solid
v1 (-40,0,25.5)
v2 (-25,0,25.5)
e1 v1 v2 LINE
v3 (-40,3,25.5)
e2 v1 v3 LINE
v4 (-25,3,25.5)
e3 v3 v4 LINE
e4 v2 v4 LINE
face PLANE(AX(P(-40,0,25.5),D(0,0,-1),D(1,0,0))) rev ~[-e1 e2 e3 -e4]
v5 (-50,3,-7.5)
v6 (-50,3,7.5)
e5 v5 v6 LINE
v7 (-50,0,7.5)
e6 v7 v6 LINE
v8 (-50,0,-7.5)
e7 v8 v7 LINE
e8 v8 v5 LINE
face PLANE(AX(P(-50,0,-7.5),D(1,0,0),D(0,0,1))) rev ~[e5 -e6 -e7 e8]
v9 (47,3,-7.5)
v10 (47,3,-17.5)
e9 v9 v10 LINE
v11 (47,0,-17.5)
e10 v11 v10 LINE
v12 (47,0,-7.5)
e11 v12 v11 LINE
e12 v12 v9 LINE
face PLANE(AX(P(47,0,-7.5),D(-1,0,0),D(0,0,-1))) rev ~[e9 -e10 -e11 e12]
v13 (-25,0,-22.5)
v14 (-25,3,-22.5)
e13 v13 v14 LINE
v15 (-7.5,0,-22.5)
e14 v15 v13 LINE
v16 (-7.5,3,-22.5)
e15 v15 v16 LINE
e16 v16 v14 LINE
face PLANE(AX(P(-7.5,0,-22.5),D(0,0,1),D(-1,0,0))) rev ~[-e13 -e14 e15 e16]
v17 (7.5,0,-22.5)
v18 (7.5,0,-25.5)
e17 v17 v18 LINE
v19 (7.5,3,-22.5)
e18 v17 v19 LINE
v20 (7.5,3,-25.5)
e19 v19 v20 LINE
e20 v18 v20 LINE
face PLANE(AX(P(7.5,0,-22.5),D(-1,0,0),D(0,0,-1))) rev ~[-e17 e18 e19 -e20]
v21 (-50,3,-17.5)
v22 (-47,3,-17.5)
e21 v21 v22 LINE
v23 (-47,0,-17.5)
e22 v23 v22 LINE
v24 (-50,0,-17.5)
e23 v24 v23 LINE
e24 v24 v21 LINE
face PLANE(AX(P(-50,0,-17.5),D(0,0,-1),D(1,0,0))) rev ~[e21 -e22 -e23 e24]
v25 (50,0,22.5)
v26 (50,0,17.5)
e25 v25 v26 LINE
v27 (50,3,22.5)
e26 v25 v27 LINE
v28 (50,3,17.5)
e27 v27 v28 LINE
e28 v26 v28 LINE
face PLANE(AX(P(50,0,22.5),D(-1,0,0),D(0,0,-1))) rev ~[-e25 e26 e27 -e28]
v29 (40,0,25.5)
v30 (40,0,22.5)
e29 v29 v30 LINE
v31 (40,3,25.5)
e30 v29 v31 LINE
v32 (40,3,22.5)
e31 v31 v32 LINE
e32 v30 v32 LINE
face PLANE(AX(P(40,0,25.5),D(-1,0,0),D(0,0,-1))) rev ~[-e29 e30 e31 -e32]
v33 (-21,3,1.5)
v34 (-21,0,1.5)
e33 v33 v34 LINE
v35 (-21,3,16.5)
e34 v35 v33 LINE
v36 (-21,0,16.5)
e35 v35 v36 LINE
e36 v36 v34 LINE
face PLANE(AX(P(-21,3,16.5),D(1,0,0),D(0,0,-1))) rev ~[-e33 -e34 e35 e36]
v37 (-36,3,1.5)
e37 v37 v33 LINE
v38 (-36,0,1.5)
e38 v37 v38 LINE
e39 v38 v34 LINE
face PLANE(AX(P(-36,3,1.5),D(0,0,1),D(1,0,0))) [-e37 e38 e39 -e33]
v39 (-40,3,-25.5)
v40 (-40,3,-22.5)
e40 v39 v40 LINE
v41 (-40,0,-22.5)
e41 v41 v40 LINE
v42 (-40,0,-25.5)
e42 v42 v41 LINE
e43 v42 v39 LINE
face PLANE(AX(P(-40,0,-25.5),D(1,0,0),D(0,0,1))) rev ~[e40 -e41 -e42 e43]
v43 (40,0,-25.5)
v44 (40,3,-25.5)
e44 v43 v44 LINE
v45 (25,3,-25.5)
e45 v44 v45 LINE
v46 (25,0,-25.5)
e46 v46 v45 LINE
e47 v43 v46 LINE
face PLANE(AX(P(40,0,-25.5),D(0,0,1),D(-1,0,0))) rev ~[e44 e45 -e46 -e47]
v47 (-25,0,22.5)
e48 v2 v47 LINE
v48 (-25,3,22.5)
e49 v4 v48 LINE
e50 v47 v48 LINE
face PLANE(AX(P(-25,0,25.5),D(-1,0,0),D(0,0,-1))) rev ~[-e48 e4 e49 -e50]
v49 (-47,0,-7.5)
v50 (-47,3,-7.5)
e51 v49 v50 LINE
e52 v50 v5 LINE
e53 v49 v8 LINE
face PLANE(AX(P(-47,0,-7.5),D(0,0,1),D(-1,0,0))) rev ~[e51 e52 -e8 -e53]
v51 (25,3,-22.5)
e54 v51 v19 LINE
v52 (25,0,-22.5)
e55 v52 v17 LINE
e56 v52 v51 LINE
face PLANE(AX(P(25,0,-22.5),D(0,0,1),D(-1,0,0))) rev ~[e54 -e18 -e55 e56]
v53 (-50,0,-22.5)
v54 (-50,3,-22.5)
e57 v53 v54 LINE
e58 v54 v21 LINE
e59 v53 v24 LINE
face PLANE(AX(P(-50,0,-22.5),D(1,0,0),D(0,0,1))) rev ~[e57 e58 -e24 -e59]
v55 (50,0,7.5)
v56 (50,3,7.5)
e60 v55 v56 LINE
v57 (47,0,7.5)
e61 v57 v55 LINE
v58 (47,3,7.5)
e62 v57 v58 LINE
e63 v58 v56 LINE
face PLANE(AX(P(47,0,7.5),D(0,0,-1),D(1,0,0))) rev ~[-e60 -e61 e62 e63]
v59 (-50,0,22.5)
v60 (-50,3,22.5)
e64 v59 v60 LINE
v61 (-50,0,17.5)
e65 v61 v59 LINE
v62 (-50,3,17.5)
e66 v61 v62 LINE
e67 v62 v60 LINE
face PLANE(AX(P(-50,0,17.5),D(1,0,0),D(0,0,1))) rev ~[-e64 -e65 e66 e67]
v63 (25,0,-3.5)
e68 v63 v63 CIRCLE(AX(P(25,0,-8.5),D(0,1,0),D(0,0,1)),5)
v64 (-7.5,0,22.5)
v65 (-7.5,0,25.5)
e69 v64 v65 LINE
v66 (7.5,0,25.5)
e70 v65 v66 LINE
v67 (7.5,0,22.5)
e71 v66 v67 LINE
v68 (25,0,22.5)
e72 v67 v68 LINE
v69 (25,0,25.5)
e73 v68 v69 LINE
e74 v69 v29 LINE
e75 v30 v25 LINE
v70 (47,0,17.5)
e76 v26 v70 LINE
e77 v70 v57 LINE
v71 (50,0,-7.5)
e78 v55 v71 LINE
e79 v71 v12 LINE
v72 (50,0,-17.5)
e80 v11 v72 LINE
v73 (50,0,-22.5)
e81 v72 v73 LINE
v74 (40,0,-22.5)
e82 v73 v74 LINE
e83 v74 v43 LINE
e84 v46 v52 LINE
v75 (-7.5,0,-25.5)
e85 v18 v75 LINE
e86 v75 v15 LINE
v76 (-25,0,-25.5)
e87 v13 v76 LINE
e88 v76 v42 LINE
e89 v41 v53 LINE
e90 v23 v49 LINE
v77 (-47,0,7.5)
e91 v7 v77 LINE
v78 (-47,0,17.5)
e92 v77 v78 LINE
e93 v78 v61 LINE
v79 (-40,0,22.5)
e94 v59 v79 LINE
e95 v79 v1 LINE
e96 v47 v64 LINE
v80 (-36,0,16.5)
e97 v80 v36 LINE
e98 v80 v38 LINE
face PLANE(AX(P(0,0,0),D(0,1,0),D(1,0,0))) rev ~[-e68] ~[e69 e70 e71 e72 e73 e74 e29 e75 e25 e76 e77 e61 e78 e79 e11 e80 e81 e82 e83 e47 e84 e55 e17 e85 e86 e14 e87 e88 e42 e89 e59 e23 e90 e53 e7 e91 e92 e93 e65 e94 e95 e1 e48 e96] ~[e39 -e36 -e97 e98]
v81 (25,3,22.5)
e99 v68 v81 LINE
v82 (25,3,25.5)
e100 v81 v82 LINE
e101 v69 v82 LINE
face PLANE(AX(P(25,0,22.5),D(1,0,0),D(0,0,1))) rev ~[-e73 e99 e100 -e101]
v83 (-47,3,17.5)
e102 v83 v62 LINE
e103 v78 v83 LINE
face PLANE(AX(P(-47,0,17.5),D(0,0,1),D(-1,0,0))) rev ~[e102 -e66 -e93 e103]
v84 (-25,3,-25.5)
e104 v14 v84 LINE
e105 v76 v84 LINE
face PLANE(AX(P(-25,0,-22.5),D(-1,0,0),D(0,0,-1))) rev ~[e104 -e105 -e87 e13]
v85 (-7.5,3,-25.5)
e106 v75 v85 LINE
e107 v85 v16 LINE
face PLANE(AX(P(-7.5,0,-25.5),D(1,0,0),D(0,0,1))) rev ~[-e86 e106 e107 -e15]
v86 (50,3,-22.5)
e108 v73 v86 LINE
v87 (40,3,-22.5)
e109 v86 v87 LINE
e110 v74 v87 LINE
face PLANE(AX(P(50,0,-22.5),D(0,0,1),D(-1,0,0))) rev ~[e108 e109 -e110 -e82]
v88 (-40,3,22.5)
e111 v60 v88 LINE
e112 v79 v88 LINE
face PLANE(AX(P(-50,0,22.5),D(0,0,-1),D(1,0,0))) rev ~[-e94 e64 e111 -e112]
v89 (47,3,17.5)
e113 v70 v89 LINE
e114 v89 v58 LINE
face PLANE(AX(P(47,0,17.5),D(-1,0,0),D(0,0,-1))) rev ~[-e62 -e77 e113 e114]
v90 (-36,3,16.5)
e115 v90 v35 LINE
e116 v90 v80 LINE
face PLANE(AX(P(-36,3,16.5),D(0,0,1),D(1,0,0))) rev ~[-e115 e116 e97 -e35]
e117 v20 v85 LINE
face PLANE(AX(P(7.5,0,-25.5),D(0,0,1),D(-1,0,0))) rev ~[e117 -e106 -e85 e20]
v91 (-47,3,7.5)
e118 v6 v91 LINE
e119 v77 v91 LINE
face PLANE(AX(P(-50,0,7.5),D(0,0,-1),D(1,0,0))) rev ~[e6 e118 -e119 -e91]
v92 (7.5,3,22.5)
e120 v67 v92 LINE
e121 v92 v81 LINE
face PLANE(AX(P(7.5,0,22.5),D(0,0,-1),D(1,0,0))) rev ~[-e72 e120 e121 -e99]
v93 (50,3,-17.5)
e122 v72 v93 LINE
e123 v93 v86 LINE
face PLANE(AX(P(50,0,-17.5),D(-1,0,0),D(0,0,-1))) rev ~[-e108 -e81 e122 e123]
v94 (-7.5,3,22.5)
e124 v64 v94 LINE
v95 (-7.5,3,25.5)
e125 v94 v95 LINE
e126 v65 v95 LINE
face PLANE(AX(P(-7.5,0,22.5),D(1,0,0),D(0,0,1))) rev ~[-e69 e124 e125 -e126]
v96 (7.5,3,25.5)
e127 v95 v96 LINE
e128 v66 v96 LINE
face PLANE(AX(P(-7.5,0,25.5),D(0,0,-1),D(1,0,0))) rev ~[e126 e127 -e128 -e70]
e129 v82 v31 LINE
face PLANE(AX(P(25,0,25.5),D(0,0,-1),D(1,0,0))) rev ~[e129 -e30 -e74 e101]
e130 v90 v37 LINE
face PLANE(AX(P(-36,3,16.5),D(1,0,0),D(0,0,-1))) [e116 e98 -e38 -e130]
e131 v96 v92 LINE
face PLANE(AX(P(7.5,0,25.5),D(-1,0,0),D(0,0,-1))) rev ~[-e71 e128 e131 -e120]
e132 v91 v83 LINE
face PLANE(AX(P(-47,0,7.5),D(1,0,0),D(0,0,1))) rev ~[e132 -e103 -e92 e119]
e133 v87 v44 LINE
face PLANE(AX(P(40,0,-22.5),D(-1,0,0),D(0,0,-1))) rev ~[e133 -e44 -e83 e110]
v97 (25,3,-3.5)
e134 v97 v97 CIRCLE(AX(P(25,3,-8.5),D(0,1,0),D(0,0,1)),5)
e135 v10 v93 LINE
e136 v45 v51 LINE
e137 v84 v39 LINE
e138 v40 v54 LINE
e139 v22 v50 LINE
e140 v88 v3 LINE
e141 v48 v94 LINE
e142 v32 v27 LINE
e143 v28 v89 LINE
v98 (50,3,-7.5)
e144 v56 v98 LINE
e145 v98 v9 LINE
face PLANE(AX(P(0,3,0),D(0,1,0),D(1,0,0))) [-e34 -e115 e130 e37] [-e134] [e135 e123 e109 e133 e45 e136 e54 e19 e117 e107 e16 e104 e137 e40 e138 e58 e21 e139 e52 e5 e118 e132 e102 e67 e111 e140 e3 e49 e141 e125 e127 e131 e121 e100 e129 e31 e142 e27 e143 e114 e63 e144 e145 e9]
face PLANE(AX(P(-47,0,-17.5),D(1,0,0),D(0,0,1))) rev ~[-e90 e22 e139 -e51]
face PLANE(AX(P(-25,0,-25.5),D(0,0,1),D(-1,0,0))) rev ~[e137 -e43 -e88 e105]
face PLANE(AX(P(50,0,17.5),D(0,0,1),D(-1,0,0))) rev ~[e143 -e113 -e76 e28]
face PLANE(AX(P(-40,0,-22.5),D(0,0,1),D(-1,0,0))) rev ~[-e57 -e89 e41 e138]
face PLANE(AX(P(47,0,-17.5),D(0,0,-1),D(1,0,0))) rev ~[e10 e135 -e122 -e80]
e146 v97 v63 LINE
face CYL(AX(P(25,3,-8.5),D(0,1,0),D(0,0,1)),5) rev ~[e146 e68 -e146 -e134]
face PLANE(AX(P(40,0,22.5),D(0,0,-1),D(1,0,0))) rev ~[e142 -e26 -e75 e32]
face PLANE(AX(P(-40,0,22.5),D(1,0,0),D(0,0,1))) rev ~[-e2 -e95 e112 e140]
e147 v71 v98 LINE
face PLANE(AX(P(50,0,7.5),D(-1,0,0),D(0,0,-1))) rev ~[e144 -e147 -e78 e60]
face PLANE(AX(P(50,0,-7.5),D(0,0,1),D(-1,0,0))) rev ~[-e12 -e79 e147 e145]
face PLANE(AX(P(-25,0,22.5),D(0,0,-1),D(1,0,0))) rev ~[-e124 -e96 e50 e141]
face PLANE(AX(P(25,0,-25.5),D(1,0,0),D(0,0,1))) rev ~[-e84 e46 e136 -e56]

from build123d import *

# Parameters (mm, degrees)
EXTRUDE_1_DEPTH     = 3
SKETCH_2_R          = 5
SKETCH_2_W          = 15
SKETCH_2_H          = 15
CUT_EXTRUDE_1_DEPTH = 57.207205944


with BuildPart() as part:
    # 草图1 → 凸台-拉伸1 (new body)
    with BuildSketch(Plane(origin=(0, 0, 0), x_dir=(1, 0, 0), z_dir=(0, 1, 0))):
        Polygon((-50, -22.5), (-40, -22.5), (-40, -25.5), (-25, -25.5), (-25, -22.5), (-7.5, -22.5), (-7.5, -25.5), (7.5, -25.5), (7.5, -22.5), (25, -22.5), (25, -25.5), (40, -25.5), (40, -22.5), (50, -22.5), (50, -17.5), (47, -17.5), (47, -7.5), (50, -7.5), (50, 7.5), (47, 7.5), (47, 17.5), (50, 17.5), (50, 22.5), (40, 22.5), (40, 25.5), (25, 25.5), (25, 22.5), (7.5, 22.5), (7.5, 25.5), (-7.5, 25.5), (-7.5, 22.5), (-25, 22.5), (-25, 25.5), (-40, 25.5), (-40, 22.5), (-50, 22.5), (-50, 17.5), (-47, 17.5), (-47, 7.5), (-50, 7.5), (-50, -7.5), (-47, -7.5), (-47, -17.5), (-50, -17.5), align=None)
    extrude(amount=EXTRUDE_1_DEPTH)

    # 草图2 → 切除-拉伸1 (cut, through all)
    with BuildSketch(Plane(origin=(0, 3, 0), x_dir=(1, 0, 0), z_dir=(0, 1, 0))):
        with Locations(Location((25, 8.5, 0), (0, 0, 270))):
            Circle(SKETCH_2_R)
        with Locations((-28.5, -9)):
            Rectangle(SKETCH_2_W, SKETCH_2_H)
    extrude(amount=-CUT_EXTRUDE_1_DEPTH, mode=Mode.SUBTRACT)


solid = part.part
